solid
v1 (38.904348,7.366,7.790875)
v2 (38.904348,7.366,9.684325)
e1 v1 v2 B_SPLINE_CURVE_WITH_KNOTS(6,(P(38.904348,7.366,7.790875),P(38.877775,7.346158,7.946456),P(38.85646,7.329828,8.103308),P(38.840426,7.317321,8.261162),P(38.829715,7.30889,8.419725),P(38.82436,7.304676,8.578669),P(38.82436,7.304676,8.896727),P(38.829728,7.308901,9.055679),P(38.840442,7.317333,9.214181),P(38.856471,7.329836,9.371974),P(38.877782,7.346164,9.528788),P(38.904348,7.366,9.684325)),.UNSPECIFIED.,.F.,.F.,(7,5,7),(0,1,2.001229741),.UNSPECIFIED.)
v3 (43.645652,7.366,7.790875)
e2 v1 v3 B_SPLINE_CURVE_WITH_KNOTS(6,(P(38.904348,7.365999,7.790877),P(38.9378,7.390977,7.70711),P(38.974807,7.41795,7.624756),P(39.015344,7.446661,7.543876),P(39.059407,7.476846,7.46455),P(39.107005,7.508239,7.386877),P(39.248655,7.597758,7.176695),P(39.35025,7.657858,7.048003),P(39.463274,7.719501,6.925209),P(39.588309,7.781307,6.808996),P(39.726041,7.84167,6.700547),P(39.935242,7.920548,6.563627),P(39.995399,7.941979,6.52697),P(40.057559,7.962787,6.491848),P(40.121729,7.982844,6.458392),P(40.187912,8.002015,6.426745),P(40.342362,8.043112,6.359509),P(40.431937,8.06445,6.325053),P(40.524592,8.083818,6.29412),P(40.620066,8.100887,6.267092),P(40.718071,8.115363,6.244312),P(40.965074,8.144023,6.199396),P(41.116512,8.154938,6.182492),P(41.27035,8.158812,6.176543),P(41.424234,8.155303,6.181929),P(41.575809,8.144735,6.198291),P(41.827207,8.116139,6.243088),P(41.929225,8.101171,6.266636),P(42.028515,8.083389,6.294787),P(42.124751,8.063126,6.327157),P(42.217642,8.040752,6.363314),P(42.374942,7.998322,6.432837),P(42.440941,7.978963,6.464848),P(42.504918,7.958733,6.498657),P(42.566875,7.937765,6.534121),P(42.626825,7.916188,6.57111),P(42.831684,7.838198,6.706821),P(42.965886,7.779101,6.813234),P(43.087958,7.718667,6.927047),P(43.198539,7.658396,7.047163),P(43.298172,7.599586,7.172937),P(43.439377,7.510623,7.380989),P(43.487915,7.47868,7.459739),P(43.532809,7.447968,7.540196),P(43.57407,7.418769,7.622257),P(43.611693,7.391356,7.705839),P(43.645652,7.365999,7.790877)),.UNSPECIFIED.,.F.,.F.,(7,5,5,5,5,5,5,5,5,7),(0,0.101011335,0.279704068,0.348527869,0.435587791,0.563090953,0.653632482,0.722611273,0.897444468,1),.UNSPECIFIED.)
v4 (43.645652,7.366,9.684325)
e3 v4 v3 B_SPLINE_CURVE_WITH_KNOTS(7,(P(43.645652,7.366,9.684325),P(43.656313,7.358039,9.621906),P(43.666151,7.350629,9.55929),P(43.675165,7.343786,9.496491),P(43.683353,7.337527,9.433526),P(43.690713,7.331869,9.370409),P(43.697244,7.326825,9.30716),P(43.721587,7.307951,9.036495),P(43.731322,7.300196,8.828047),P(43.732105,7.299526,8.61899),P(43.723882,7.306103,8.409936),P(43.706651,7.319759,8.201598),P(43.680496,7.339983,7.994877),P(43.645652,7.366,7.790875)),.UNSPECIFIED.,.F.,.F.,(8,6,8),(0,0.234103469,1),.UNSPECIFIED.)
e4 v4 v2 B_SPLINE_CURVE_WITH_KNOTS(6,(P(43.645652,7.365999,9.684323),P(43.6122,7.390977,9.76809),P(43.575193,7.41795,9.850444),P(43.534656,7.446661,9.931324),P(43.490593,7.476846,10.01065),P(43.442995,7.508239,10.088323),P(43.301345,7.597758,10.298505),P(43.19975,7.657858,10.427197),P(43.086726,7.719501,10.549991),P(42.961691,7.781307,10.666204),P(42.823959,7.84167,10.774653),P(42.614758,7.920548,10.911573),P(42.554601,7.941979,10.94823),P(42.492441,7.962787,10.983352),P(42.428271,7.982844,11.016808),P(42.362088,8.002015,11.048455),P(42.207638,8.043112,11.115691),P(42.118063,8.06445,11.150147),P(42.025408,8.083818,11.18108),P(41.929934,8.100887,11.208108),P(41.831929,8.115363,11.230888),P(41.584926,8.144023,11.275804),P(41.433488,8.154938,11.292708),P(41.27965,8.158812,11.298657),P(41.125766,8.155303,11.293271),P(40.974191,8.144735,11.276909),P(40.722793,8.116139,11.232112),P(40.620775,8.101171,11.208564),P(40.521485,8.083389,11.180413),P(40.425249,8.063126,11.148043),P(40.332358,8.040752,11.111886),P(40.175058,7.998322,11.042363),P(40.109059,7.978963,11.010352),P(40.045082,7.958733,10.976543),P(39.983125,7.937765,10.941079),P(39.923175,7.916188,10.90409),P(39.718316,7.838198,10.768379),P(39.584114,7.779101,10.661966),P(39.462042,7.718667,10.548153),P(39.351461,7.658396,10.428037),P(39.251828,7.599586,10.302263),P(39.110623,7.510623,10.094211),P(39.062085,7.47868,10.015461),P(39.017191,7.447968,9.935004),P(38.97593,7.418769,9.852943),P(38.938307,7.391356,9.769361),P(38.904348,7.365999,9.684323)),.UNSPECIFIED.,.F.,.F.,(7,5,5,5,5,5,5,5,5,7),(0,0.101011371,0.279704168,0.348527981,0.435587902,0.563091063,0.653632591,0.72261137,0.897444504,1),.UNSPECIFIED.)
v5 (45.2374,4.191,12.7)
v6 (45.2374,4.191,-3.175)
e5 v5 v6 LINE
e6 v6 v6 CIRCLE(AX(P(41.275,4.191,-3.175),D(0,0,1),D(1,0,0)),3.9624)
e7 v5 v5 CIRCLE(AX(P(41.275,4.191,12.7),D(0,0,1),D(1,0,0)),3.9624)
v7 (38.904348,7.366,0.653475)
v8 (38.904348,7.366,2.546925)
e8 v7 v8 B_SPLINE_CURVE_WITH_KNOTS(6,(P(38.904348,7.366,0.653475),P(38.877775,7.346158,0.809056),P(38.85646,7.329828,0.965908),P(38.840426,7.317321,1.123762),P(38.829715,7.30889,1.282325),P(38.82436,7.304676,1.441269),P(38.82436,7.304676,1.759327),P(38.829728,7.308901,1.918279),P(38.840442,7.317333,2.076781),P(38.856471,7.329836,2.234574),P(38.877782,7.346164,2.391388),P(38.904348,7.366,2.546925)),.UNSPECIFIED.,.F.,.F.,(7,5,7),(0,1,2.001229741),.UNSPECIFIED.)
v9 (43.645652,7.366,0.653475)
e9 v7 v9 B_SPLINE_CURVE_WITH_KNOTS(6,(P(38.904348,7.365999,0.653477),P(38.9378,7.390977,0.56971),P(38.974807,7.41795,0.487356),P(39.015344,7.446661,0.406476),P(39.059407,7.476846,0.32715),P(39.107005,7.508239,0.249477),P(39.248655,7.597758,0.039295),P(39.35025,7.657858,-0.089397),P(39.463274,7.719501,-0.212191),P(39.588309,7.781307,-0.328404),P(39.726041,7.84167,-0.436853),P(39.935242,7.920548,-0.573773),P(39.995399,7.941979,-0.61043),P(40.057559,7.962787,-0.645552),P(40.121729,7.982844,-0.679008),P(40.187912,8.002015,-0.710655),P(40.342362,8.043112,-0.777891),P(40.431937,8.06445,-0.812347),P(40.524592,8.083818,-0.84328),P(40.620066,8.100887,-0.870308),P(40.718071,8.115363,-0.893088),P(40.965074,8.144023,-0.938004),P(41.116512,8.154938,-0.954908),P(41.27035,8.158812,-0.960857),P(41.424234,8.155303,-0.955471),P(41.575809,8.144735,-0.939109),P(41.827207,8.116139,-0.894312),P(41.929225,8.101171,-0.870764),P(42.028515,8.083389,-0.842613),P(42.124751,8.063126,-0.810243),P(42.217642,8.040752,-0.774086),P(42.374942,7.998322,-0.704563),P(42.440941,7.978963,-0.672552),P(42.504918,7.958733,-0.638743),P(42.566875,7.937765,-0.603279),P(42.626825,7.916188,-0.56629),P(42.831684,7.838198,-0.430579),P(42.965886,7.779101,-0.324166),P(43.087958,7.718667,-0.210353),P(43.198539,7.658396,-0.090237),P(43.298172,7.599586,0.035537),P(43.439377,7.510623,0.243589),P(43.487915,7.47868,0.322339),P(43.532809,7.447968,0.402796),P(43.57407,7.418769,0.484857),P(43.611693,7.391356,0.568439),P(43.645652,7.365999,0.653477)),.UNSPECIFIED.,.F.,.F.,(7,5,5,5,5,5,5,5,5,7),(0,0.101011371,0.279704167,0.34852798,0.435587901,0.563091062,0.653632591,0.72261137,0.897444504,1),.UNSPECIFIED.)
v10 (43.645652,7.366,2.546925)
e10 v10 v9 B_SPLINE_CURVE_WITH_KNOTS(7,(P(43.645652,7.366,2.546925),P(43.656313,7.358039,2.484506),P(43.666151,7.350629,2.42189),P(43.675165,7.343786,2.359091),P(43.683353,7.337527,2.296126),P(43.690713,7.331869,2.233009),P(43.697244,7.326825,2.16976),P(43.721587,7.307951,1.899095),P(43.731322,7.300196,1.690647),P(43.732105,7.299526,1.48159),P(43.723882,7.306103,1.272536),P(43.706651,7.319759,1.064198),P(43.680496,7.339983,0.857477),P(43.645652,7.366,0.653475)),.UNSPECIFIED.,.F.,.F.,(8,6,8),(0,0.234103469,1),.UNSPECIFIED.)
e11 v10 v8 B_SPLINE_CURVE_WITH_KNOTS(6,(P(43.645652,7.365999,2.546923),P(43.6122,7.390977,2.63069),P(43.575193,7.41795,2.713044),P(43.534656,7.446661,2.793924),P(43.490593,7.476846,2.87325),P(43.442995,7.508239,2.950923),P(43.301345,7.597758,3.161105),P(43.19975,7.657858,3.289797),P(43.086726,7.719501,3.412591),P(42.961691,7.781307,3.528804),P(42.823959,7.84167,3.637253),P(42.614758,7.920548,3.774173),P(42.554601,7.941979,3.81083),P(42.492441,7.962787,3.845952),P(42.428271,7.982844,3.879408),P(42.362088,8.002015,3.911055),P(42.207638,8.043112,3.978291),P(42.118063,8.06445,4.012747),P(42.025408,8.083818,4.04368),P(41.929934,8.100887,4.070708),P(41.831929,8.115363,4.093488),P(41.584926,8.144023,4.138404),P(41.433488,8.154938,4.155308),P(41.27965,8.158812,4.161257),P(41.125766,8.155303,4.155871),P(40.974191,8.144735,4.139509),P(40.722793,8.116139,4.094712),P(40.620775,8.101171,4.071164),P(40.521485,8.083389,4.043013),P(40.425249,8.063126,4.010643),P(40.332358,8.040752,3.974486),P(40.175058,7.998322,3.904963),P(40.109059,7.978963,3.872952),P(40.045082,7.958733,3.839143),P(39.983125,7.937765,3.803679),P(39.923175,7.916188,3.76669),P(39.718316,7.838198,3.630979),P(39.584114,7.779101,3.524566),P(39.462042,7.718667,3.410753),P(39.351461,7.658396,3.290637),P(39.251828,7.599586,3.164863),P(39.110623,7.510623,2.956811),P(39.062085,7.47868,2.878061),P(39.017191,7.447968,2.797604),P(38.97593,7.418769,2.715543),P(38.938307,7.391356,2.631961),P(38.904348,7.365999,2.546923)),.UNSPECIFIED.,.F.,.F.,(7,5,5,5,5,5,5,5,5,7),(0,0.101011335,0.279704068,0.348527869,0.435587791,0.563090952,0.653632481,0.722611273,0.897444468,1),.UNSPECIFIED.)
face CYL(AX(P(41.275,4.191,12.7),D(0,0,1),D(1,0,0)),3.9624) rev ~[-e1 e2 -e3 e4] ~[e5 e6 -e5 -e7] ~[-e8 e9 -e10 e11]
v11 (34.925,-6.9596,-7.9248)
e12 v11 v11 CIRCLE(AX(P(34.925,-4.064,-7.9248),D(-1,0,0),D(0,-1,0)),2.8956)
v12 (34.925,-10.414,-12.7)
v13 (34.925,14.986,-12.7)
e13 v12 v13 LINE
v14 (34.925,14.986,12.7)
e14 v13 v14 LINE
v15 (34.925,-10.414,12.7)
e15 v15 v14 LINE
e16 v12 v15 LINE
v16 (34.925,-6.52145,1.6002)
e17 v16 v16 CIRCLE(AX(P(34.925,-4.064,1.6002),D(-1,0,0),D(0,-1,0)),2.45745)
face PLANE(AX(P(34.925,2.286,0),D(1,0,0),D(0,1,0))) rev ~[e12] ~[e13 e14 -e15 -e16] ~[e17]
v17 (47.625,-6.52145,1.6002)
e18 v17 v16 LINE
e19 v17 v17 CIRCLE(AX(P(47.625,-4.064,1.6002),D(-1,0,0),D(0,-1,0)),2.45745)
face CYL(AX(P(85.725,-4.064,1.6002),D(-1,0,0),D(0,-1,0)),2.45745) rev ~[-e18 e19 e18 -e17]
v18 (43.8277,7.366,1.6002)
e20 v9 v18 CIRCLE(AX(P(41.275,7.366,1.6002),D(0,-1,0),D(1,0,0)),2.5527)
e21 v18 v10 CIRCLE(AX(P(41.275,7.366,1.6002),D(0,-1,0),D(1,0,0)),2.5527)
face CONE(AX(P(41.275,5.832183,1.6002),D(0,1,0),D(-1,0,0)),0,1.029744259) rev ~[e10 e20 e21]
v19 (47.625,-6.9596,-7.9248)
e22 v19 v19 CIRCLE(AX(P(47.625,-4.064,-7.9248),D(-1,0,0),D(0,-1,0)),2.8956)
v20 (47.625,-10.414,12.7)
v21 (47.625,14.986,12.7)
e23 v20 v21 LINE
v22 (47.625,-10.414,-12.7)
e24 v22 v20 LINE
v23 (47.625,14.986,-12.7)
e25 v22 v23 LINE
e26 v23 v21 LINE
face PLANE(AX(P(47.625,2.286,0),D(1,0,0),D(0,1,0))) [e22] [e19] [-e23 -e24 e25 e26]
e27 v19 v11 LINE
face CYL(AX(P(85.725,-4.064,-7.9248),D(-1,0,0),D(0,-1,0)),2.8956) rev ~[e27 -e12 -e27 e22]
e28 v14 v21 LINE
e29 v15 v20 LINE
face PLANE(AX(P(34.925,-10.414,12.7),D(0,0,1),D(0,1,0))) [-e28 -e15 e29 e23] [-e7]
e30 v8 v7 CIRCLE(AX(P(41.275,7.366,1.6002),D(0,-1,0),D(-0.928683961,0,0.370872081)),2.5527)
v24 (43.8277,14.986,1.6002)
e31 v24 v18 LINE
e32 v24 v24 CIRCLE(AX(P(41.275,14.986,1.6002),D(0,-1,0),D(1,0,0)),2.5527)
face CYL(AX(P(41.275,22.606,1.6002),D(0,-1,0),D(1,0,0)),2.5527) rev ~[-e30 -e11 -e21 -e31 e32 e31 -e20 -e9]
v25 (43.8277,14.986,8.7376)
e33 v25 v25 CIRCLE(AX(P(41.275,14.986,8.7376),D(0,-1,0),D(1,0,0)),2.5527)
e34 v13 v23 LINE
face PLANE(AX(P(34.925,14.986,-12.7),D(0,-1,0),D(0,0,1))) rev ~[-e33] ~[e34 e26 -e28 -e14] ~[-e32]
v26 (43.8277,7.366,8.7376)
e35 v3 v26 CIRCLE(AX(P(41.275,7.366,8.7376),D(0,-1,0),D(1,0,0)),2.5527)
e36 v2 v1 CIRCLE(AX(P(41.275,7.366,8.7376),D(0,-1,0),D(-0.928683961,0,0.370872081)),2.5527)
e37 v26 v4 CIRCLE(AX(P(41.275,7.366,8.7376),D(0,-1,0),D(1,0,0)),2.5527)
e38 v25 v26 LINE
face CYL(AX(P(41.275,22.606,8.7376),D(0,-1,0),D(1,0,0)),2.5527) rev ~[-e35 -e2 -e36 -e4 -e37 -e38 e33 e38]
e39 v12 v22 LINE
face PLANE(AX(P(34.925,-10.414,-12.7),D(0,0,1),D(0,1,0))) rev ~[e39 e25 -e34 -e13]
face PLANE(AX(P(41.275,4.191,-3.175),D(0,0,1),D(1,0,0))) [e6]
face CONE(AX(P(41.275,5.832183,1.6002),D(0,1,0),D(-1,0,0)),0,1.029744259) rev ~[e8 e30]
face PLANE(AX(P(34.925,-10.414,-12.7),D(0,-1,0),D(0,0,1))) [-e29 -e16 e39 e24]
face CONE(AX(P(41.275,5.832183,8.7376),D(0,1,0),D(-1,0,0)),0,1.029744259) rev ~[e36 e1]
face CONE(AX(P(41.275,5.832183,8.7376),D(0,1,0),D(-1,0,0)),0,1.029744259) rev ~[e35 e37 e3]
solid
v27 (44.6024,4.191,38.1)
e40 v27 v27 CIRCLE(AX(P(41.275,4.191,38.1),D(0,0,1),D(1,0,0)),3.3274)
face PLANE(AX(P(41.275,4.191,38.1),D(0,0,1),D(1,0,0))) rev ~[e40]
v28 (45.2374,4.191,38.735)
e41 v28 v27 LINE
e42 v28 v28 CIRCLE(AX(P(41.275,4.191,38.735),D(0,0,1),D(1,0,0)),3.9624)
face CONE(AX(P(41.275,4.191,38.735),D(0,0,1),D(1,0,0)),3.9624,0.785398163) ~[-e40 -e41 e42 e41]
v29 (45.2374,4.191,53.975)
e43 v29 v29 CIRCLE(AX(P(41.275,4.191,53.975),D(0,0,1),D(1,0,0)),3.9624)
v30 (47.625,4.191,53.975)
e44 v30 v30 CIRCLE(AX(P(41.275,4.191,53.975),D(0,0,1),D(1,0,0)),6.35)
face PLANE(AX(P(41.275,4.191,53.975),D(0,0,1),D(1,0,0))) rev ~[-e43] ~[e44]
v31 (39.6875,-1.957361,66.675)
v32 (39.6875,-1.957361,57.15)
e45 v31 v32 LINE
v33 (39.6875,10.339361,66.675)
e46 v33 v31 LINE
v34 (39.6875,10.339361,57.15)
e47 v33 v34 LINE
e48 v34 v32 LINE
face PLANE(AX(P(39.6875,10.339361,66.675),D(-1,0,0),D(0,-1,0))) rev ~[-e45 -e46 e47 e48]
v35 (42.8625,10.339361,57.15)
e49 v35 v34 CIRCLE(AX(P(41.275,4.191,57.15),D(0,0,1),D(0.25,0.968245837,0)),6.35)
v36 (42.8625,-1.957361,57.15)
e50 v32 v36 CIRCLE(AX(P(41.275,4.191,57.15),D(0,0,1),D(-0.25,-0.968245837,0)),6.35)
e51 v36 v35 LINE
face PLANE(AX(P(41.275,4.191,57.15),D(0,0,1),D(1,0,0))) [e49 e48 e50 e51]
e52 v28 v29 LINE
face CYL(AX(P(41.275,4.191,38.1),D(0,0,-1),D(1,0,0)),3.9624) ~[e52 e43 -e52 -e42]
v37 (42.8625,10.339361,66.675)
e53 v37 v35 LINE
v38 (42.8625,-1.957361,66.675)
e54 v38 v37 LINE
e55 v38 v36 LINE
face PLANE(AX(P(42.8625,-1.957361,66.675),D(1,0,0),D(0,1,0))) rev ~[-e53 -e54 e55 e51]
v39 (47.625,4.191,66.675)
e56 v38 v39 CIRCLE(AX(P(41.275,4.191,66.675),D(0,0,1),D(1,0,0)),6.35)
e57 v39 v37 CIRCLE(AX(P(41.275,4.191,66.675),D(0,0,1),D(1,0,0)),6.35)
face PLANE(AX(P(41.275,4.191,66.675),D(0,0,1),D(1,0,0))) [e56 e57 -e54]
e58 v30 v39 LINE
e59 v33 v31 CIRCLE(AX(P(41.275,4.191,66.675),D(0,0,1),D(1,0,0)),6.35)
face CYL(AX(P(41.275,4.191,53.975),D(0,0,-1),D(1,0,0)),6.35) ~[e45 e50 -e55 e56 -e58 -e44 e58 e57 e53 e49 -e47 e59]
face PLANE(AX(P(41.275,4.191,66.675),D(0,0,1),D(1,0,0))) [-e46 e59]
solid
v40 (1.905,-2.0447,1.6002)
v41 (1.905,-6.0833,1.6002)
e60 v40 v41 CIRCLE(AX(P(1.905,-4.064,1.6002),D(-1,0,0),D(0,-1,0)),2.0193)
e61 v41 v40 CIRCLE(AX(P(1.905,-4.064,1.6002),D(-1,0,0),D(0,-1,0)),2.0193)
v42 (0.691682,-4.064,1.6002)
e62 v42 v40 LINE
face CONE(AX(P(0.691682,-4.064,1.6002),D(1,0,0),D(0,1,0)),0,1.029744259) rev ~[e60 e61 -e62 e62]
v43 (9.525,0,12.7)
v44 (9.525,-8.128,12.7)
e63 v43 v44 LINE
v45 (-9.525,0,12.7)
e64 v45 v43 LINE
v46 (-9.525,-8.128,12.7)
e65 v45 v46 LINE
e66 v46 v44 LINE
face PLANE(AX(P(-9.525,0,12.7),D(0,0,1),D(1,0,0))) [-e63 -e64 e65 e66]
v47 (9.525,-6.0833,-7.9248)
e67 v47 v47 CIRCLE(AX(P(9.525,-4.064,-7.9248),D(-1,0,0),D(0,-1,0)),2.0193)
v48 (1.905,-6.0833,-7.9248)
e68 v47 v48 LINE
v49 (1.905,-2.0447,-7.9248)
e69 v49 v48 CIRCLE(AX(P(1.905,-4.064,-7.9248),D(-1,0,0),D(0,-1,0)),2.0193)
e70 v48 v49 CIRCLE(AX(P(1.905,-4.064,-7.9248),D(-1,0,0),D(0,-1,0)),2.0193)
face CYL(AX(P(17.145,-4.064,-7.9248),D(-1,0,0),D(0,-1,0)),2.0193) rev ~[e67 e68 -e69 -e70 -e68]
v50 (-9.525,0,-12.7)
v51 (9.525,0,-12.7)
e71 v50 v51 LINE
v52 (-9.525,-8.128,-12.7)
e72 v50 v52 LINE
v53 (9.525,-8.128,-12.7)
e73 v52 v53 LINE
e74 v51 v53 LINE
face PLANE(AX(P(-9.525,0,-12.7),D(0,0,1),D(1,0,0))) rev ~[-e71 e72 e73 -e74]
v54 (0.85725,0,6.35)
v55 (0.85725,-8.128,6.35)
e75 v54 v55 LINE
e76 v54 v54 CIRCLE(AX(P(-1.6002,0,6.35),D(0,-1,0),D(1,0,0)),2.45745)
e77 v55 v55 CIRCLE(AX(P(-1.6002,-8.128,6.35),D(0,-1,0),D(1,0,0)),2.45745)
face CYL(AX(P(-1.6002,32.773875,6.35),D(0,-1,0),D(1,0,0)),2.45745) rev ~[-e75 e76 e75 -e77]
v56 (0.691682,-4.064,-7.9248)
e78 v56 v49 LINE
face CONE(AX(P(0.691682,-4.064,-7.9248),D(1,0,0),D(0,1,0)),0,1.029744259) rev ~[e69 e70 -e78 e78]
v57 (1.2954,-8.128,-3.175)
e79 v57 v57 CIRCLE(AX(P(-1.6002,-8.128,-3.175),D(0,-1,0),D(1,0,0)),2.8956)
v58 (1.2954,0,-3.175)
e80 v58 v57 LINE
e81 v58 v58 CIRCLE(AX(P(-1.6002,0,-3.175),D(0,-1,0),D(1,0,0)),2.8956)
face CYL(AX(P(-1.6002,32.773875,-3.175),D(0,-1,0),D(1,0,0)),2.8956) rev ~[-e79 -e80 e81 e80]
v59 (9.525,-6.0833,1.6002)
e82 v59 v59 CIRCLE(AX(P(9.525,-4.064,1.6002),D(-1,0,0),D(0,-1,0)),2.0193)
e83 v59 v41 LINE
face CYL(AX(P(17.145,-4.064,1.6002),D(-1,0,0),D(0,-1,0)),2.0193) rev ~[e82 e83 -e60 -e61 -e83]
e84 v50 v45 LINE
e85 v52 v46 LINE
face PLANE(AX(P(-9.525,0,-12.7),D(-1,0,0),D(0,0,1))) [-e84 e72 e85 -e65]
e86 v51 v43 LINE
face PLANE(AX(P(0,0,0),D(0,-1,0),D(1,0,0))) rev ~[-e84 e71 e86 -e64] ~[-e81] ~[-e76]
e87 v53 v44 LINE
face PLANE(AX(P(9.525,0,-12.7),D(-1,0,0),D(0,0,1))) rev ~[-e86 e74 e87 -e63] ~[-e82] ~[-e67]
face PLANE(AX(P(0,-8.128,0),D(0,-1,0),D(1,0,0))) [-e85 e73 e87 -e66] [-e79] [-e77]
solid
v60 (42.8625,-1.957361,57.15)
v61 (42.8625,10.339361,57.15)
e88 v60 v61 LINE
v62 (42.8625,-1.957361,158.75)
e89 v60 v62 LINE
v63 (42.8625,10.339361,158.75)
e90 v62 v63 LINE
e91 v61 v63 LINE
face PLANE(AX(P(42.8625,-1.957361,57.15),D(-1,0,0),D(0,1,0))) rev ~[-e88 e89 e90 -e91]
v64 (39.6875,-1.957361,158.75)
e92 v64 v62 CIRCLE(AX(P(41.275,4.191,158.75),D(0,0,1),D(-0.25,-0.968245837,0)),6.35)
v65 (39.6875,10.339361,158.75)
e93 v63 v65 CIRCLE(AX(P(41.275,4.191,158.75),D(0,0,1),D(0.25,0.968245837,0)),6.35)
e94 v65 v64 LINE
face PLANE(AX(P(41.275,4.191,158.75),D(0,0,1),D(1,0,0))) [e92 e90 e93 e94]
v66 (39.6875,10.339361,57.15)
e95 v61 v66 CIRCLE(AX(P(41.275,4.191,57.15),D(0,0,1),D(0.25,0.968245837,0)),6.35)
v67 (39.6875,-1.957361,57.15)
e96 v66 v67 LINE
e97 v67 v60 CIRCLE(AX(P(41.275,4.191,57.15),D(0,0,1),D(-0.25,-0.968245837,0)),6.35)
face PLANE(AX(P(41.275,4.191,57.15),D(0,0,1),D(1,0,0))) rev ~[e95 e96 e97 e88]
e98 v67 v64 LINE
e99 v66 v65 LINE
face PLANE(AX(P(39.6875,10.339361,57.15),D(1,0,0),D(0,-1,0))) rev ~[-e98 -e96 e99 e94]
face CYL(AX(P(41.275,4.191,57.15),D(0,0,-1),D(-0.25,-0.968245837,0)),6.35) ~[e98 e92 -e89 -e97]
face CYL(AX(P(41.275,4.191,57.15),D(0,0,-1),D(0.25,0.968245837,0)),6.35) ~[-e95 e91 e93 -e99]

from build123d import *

# Parameters (mm, degrees)
F0_W      = 19.05
F0_H      = 25.4
F1_DEPTH  = 8.128
F3_D      = 4.9149
F4_D      = 5.7912
F6_D      = 4.0386
F6_DEPTH  = 7.62
F6_TIP    = 1.213317848
F8_W      = 25.4
F8_H      = 25.4
F9_DEPTH  = 12.7
F11_D     = 4.9149
F12_D     = 5.7912
F13_R     = 3.9624
F14_DEPTH = 15.875
F16_D     = 5.1054
F16_DEPTH = 7.62
F16_TIP   = 1.5338169022
F18_R     = 3.9624
F19_DEPTH = 15.875
F20_R     = 6.35
F20_R_2   = 3.9624
F21_DEPTH = 12.7
F23_DEPTH = 9.525
F24_DEPTH = 101.6
F25_SIZE  = 0.635


with BuildPart() as f1:
    # F0 (on Front) → F1 (new body)
    with BuildSketch(Plane.XZ):
        Rectangle(F0_W, F0_H)
    extrude(amount=F1_DEPTH)

    # F3 (through all)
    with Locations(Plane(origin=(0, 0, 0), x_dir=(-1, 0, 0), z_dir=(0, 1, 0))):
        with Locations((1.6002, 6.35)):
            Hole(F3_D / 2)

    # F4 (through all)
    with Locations(Plane(origin=(0, 0, 0), x_dir=(-1, 0, 0), z_dir=(0, 1, 0))):
        with Locations((1.6002, -3.175)):
            Hole(F4_D / 2)

    # F6
    with Locations(Plane.YZ.offset(9.525)):
        with Locations((-4.064, 1.6002), (-4.064, -7.9248)):
            Hole(F6_D / 2, depth=F6_DEPTH)
            with Locations((0, 0, -(F6_DEPTH + F6_TIP / 2))):  # 118° drill point
                Cone(0, F6_D / 2, F6_TIP, mode=Mode.SUBTRACT)


with BuildPart() as f9:
    # F8 (on offset) → F9 (new body)
    with BuildSketch(Plane.YZ.offset(34.925)):
        with Locations((2.286, 0)):
            Rectangle(F8_W, F8_H)
    extrude(amount=F9_DEPTH)

    # F11 (through all)
    with Locations(Plane.YZ.offset(47.625)):
        with Locations((-4.064, 1.6002)):
            Hole(F11_D / 2)

    # F12 (through all)
    with Locations(Plane.YZ.offset(47.625)):
        with Locations((-4.064, -7.9248)):
            Hole(F12_D / 2)

    # F13 (on face) → F14 (cut)
    with BuildSketch(Plane.XY.offset(12.7)):
        with Locations((41.275, 4.191)):
            Circle(F13_R)
    extrude(amount=-F14_DEPTH, mode=Mode.SUBTRACT)

    # F16
    with Locations(Plane(origin=(0, 14.986, 0), x_dir=(-1, 0, 0), z_dir=(0, 1, 0))):
        with Locations((-41.275, 8.7376), (-41.275, 1.6002)):
            Hole(F16_D / 2, depth=F16_DEPTH)
            with Locations((0, 0, -(F16_DEPTH + F16_TIP / 2))):  # 118° drill point
                Cone(0, F16_D / 2, F16_TIP, mode=Mode.SUBTRACT)


with BuildPart() as f19:
    # F18 (on offset) → F19 (new body)
    with BuildSketch(Plane.XY.offset(38.1)):
        with Locations((41.275, 4.191)):
            Circle(F18_R)
    extrude(amount=F19_DEPTH)

    # F20 (on face) → F21 (join)
    with BuildSketch(Plane.XY.offset(53.975)):
        with Locations((41.275, 4.191)):
            Circle(F20_R)
        with Locations((41.275, 4.191)):
            Circle(F20_R_2, mode=Mode.SUBTRACT)
        with Locations((41.275, 4.191)):
            Circle(F20_R_2)
    extrude(amount=F21_DEPTH)

    # F22 (on face) → F23 (cut)
    with BuildSketch(Plane.XY.offset(66.675)):
        with BuildLine():
            Line((42.8625, -1.9573610621), (42.8625, 10.3393610621))
            ThreePointArc((42.8625, 10.3393610621), (41.275, 10.541), (39.6875, 10.3393610621))
            Line((39.6875, 10.3393610621), (39.6875, -1.9573610621))
            ThreePointArc((39.6875, -1.9573610621), (41.275, -2.159), (42.8625, -1.9573610621))
        make_face()
    extrude(amount=-F23_DEPTH, mode=Mode.SUBTRACT)


with BuildPart() as f24:
    # F24 (new): a face of the model
    f24_faces = [f19.part.faces().sort_by_distance(p)[0] for p in [
        (41.275, 4.191, 57.15),
    ]]
    extrude(f24_faces, amount=F24_DEPTH)


with BuildPart() as f19_1:
    add(f19.part)

    # F25
    f25_edges = [f19_1.edges().sort_by_distance(p)[0] for p in [
        (37.3126, 4.191, 38.1),
    ]]
    chamfer(f25_edges, length=F25_SIZE)


solid = Compound([f1.part, f9.part, f24.part, f19_1.part])
